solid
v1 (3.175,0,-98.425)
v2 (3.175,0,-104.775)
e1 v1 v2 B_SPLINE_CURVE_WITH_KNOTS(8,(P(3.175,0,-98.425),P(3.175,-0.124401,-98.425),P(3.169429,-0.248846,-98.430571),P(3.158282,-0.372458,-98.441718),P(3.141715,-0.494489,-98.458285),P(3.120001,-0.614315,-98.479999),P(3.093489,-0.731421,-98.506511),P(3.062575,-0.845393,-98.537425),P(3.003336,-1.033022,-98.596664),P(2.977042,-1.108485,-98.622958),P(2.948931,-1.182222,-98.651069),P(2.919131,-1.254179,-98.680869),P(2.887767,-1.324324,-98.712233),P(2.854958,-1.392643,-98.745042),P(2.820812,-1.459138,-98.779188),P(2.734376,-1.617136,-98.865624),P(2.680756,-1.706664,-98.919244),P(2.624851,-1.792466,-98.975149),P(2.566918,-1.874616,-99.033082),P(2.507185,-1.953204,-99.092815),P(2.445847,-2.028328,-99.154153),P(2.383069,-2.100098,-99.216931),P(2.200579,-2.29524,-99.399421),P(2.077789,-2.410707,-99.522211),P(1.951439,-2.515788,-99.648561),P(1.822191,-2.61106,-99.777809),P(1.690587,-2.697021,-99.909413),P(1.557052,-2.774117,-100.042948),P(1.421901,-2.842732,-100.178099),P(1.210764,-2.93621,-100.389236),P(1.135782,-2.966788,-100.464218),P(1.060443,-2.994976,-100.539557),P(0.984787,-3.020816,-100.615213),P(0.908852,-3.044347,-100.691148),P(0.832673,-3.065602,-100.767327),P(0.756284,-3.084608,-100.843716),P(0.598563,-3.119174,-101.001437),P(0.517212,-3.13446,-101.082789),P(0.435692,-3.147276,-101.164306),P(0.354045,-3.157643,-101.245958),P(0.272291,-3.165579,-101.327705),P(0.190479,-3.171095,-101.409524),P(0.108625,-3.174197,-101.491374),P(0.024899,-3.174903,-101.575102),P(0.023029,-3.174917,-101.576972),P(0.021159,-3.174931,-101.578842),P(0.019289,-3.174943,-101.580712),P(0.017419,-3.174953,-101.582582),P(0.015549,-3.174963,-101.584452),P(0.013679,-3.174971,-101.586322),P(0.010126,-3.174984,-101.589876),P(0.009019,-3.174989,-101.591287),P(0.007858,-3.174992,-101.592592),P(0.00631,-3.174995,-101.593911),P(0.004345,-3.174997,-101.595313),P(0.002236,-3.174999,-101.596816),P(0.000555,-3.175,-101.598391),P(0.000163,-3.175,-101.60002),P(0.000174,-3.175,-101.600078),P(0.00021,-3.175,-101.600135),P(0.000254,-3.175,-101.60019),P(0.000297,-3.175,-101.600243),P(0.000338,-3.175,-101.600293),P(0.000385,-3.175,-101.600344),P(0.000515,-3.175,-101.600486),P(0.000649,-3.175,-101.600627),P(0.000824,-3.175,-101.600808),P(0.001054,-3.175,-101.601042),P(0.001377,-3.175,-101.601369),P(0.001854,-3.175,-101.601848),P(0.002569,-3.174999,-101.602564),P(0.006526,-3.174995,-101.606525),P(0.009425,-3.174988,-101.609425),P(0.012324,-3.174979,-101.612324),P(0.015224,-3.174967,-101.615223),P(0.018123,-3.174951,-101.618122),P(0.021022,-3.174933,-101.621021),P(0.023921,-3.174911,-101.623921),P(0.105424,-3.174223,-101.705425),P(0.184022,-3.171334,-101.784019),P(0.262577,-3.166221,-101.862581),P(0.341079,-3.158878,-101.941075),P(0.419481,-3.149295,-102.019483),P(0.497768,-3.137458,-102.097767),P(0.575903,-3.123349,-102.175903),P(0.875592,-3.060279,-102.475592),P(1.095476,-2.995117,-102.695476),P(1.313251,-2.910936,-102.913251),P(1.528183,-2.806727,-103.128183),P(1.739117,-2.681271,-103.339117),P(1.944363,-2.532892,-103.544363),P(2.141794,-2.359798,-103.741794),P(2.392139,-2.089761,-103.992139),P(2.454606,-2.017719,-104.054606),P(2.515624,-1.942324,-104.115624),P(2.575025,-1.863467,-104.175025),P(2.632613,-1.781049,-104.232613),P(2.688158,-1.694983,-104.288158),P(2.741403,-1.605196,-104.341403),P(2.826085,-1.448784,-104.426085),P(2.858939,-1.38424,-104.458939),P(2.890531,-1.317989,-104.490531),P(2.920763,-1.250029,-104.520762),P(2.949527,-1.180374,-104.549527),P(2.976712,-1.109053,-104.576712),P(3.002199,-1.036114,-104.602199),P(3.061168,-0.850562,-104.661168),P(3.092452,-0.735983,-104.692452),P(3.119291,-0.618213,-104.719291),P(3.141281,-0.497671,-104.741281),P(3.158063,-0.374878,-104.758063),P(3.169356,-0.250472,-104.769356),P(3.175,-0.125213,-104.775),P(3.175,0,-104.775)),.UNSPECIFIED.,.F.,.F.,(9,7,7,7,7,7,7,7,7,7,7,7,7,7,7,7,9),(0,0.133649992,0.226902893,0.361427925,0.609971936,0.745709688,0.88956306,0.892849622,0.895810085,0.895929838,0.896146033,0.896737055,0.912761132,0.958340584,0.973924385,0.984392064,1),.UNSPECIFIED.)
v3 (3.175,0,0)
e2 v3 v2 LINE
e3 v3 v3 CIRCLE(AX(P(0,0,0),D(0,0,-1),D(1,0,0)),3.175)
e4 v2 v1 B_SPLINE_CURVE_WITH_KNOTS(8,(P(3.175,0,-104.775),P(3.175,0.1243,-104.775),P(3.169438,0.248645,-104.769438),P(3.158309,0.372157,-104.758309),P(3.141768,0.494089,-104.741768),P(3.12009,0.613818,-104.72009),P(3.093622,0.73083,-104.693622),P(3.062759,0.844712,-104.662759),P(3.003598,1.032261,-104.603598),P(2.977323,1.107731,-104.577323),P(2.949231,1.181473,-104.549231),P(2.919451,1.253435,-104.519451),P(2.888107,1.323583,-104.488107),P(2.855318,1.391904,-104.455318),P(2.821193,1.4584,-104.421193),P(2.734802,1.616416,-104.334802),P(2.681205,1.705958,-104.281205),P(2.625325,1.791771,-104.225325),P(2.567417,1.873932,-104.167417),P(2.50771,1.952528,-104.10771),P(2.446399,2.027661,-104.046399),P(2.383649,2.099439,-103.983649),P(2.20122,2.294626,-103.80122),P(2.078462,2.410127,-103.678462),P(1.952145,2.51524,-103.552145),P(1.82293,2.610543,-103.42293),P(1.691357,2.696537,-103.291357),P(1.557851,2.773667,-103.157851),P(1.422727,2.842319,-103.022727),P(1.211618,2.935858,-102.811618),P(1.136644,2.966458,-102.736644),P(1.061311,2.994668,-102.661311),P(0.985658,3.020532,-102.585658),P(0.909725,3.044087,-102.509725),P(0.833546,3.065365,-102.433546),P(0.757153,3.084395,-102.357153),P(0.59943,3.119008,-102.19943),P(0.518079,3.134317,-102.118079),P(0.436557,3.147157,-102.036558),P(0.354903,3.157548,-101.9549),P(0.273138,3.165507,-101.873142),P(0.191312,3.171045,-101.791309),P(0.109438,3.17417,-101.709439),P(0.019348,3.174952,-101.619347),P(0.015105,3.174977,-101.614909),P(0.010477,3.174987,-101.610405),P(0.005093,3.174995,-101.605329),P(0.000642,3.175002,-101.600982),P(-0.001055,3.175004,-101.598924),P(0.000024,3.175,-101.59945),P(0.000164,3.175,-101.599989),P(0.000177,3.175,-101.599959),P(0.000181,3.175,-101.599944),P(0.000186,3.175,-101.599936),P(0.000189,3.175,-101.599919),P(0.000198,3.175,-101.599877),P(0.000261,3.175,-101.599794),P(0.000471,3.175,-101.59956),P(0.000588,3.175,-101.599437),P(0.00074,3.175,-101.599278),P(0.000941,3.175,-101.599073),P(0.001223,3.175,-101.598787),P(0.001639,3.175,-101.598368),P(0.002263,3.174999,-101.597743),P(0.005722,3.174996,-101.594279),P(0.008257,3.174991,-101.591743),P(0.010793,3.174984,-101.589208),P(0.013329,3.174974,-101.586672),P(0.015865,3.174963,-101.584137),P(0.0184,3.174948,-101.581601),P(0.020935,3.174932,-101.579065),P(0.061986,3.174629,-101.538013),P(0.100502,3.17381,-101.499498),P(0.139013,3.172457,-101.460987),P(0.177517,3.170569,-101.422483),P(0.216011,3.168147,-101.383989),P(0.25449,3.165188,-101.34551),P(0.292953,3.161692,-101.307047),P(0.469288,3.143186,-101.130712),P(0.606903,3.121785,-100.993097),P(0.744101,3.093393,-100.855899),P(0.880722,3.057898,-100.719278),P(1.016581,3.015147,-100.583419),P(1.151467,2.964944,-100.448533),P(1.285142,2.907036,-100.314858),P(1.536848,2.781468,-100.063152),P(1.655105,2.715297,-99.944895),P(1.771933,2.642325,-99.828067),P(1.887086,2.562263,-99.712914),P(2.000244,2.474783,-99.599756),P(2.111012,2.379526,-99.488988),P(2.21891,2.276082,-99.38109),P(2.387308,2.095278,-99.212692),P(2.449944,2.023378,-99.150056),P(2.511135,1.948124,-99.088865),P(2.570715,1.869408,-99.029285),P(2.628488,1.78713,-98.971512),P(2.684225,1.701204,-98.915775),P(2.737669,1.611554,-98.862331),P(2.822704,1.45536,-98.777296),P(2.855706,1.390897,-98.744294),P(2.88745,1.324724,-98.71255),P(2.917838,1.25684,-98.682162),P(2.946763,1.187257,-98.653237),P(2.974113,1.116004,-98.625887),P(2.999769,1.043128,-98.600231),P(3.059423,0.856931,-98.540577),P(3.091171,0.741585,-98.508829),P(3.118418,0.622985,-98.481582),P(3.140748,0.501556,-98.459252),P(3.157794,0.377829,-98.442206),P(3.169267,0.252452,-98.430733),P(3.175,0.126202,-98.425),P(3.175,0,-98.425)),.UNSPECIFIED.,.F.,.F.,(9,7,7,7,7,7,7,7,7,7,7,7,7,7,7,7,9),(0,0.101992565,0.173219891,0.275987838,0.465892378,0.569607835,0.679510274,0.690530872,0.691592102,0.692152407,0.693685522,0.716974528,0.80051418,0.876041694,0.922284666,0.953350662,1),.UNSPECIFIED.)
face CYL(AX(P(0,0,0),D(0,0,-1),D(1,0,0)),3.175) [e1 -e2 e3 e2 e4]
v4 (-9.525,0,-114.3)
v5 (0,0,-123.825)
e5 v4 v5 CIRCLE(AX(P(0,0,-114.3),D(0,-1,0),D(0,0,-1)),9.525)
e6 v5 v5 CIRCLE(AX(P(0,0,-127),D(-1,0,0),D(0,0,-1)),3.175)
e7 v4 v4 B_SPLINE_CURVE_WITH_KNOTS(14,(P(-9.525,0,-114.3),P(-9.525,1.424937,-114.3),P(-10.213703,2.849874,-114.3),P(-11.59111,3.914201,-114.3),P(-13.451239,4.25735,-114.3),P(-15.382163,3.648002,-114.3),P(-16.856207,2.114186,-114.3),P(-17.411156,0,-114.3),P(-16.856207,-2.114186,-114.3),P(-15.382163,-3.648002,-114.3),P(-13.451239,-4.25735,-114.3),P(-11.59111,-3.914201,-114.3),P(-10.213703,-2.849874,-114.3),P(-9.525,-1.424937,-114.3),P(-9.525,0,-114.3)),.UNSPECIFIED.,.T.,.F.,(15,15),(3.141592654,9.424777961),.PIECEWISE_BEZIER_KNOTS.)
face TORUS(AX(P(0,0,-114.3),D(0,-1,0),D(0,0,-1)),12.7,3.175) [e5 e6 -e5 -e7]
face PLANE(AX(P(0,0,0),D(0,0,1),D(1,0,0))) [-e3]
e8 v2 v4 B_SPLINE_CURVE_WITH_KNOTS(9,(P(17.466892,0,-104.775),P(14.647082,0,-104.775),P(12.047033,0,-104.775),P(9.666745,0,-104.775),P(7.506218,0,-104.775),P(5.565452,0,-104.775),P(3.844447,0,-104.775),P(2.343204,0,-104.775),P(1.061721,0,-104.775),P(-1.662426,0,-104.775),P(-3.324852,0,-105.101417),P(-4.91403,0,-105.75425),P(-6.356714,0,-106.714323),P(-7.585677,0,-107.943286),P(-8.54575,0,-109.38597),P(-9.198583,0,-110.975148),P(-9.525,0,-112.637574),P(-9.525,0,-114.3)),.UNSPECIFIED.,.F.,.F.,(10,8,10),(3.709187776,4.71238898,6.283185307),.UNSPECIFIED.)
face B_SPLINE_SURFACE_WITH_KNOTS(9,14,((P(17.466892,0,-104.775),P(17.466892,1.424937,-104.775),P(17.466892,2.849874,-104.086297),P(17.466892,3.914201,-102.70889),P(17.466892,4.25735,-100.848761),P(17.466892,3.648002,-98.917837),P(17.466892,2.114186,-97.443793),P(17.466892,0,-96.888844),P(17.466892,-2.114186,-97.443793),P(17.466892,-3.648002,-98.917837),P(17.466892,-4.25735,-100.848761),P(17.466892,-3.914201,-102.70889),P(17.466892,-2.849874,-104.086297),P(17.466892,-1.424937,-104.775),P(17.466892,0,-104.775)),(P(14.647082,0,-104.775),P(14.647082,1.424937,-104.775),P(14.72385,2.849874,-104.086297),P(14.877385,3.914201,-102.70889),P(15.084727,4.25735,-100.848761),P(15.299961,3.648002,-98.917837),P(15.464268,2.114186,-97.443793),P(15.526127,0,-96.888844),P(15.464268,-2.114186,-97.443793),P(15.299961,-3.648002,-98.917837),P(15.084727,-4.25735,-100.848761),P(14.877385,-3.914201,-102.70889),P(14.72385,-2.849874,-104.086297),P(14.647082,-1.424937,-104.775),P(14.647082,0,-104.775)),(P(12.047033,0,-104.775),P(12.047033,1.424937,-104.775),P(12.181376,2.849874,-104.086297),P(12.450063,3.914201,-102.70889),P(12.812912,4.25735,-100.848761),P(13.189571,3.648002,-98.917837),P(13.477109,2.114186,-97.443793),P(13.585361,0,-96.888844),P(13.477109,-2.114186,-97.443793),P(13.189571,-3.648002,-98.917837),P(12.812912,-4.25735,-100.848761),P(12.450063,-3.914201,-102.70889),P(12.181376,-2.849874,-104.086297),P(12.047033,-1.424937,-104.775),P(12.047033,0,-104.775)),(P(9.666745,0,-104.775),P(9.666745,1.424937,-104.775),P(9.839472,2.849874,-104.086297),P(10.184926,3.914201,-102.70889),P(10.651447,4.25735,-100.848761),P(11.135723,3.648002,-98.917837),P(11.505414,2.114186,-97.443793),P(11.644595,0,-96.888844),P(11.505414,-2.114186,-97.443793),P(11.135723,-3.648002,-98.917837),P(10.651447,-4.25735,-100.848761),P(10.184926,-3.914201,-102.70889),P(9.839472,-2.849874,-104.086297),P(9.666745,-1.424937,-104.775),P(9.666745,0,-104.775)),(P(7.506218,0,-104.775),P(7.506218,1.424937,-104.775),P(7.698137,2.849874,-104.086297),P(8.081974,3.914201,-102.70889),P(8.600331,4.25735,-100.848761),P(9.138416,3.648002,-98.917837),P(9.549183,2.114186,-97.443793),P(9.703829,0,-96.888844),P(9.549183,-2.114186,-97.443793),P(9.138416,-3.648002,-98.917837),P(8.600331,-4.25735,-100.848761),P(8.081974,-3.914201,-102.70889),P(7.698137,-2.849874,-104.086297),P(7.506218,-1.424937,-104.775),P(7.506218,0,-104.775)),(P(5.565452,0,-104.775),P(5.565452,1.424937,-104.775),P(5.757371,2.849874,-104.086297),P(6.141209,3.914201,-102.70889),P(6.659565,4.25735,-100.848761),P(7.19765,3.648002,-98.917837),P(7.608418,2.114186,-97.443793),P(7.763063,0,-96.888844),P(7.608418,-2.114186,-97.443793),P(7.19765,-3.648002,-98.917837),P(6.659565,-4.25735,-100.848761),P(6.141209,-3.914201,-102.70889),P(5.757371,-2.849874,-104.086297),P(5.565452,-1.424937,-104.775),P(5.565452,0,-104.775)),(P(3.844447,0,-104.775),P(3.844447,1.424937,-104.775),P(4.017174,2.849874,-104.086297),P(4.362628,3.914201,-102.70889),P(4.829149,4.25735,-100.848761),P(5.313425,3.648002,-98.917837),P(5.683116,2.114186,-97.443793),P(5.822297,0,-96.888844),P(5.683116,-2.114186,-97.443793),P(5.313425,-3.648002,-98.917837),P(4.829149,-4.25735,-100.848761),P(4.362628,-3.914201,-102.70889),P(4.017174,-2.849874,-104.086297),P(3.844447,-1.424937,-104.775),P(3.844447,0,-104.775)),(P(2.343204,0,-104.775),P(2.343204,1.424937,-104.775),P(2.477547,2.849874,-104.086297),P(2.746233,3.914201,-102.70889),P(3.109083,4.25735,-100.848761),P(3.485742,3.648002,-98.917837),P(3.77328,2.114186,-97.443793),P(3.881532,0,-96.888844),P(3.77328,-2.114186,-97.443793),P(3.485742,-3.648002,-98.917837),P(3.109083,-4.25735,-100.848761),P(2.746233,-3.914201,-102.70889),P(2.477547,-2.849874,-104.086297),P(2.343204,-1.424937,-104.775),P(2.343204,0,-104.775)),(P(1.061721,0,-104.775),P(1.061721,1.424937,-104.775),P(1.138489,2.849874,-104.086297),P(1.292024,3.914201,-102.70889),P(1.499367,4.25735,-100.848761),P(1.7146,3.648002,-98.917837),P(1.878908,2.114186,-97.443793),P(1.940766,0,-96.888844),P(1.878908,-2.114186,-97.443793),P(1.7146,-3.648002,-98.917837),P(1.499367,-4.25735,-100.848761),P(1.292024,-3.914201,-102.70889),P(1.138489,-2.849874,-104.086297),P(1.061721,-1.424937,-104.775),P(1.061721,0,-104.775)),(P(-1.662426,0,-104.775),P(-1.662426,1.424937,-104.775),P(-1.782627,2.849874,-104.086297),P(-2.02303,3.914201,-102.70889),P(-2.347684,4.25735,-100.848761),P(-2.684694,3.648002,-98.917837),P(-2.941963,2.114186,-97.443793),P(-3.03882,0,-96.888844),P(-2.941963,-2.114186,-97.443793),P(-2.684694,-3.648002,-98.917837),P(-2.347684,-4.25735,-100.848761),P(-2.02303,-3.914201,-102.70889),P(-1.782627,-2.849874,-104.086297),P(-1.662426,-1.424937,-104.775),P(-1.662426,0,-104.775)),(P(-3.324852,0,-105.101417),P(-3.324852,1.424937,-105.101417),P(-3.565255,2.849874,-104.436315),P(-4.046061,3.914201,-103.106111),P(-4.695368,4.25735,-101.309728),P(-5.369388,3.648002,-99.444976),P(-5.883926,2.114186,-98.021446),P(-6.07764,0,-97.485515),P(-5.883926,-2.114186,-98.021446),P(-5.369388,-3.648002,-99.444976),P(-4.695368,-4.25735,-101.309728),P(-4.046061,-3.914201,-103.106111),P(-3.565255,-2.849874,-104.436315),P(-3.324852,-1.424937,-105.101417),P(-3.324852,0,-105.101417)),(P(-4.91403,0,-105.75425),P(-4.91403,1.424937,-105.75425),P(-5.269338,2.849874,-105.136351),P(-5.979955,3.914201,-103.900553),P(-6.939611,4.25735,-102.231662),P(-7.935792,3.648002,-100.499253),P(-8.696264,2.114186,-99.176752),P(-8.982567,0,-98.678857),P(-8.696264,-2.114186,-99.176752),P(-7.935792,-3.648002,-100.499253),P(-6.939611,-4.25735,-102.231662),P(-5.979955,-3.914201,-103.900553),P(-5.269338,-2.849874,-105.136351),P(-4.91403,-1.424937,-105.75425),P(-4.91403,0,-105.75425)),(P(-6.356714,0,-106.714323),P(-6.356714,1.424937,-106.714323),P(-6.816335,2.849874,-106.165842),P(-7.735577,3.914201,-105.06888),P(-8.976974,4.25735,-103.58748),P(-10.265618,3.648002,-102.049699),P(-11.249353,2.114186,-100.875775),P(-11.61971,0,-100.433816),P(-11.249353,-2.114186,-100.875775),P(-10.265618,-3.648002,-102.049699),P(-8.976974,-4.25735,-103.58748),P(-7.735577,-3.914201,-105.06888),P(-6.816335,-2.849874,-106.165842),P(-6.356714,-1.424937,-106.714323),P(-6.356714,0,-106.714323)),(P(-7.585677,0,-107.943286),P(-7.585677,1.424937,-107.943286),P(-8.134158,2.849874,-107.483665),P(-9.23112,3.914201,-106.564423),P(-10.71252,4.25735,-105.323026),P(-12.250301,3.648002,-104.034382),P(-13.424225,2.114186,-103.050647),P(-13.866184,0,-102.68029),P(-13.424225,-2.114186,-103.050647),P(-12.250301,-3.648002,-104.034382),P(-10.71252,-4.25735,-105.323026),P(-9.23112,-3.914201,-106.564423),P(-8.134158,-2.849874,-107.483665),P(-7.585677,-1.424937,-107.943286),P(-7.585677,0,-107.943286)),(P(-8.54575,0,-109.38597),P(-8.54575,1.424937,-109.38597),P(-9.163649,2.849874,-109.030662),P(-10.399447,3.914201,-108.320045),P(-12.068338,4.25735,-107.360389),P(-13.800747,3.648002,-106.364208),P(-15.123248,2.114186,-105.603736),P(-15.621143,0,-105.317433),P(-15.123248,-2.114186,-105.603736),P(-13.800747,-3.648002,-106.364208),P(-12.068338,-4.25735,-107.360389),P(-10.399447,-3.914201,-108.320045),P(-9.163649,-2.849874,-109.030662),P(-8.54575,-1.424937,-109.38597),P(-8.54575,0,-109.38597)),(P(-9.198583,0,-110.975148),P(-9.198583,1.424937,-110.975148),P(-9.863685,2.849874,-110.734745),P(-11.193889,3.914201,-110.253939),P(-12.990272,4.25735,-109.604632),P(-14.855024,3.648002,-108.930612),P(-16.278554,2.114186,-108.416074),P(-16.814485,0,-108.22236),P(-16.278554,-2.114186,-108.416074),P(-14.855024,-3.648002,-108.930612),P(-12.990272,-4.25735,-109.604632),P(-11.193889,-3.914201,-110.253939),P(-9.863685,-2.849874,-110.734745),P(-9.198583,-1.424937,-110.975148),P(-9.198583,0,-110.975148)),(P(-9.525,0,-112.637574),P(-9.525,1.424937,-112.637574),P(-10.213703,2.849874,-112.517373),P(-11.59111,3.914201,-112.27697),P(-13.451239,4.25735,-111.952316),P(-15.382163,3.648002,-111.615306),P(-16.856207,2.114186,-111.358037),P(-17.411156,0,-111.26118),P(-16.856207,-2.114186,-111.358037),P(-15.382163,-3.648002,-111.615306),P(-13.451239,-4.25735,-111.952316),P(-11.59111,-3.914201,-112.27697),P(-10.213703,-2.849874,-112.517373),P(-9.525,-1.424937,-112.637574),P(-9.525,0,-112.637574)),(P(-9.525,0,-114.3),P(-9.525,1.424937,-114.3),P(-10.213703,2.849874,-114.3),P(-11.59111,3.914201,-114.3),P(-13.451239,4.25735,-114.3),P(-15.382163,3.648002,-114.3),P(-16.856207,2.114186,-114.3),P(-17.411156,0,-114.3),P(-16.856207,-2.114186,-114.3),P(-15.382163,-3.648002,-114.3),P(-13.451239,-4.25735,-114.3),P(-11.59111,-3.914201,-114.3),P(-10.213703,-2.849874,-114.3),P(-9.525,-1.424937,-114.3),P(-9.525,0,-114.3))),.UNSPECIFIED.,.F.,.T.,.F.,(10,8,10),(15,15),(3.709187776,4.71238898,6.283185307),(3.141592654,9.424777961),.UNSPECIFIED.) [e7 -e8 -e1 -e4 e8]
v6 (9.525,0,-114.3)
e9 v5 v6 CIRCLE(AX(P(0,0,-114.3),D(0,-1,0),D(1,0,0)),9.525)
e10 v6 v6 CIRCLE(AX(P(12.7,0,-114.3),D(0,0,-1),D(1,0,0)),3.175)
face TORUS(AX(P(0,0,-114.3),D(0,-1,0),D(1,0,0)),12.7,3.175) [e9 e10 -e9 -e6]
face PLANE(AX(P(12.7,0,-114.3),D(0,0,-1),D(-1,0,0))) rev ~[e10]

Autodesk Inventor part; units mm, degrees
ref_plane "YZ Plane" through (0, 0, 0) normal (1, 0, 0) x (0, 1, 0)
ref_plane "XZ Plane" through (0, 0, 0) normal (0, 1, 0) x (-1, 0, 0)
ref_plane "XY Plane" through (0, 0, 0) normal (0, 0, 1) x (1, 0, 0)
sketch "Sketch2" plane through (0, 0, 0) normal (0, 1, 0) x (-1, 0, 0)
  line L0 (0, 0) -> (0, -101.6)
  line L1 (0, 0) -> (101.6, 0) construction
  line L2 (0, -101.6) -> (0, -114.3) construction
  line L3 (-12.7, -127) -> (12.7, -127) construction
  line L4 (12.7, -127) -> (12.7, -101.6) construction
  line L5 (12.7, -101.6) -> (-12.7, -101.6) construction
  line L6 (-12.7, -101.6) -> (-12.7, -127) construction
  line L7 (-12.7, -127) -> (12.7, -101.6) construction
  line L8 (12.7, -127) -> (-12.7, -101.6) construction
  arc A0 (12.7, -114.3) -> (0, -101.6) centre (0, -114.3) ccw
  arc A1 (0, -127) -> (12.7, -114.3) centre (0, -114.3) ccw
  arc A2 (-12.7, -114.3) -> (0, -127) centre (0, -114.3) ccw
  dimension "d3" = 101.6
  dimension "d4" = 90
  dimension "d5" = 12.7
  dimension "d6" = 25.4
  dimension "d7" = 25.4
  dimension "d8" = 12.7
  dimension "d9" = 12.7
  dimension "d10" = 12.7
sketch "Sketch3" plane through (0, 0, 0) normal (0, 0, 1) x (1, 0, 0)
  circle A0 centre (0, 0) radius 3.175
  dimension "d11" = 6.35
sweep "Sweep1" add profiles "Sketch3" path "Sketch2"
properties part number "tension_bolt"
